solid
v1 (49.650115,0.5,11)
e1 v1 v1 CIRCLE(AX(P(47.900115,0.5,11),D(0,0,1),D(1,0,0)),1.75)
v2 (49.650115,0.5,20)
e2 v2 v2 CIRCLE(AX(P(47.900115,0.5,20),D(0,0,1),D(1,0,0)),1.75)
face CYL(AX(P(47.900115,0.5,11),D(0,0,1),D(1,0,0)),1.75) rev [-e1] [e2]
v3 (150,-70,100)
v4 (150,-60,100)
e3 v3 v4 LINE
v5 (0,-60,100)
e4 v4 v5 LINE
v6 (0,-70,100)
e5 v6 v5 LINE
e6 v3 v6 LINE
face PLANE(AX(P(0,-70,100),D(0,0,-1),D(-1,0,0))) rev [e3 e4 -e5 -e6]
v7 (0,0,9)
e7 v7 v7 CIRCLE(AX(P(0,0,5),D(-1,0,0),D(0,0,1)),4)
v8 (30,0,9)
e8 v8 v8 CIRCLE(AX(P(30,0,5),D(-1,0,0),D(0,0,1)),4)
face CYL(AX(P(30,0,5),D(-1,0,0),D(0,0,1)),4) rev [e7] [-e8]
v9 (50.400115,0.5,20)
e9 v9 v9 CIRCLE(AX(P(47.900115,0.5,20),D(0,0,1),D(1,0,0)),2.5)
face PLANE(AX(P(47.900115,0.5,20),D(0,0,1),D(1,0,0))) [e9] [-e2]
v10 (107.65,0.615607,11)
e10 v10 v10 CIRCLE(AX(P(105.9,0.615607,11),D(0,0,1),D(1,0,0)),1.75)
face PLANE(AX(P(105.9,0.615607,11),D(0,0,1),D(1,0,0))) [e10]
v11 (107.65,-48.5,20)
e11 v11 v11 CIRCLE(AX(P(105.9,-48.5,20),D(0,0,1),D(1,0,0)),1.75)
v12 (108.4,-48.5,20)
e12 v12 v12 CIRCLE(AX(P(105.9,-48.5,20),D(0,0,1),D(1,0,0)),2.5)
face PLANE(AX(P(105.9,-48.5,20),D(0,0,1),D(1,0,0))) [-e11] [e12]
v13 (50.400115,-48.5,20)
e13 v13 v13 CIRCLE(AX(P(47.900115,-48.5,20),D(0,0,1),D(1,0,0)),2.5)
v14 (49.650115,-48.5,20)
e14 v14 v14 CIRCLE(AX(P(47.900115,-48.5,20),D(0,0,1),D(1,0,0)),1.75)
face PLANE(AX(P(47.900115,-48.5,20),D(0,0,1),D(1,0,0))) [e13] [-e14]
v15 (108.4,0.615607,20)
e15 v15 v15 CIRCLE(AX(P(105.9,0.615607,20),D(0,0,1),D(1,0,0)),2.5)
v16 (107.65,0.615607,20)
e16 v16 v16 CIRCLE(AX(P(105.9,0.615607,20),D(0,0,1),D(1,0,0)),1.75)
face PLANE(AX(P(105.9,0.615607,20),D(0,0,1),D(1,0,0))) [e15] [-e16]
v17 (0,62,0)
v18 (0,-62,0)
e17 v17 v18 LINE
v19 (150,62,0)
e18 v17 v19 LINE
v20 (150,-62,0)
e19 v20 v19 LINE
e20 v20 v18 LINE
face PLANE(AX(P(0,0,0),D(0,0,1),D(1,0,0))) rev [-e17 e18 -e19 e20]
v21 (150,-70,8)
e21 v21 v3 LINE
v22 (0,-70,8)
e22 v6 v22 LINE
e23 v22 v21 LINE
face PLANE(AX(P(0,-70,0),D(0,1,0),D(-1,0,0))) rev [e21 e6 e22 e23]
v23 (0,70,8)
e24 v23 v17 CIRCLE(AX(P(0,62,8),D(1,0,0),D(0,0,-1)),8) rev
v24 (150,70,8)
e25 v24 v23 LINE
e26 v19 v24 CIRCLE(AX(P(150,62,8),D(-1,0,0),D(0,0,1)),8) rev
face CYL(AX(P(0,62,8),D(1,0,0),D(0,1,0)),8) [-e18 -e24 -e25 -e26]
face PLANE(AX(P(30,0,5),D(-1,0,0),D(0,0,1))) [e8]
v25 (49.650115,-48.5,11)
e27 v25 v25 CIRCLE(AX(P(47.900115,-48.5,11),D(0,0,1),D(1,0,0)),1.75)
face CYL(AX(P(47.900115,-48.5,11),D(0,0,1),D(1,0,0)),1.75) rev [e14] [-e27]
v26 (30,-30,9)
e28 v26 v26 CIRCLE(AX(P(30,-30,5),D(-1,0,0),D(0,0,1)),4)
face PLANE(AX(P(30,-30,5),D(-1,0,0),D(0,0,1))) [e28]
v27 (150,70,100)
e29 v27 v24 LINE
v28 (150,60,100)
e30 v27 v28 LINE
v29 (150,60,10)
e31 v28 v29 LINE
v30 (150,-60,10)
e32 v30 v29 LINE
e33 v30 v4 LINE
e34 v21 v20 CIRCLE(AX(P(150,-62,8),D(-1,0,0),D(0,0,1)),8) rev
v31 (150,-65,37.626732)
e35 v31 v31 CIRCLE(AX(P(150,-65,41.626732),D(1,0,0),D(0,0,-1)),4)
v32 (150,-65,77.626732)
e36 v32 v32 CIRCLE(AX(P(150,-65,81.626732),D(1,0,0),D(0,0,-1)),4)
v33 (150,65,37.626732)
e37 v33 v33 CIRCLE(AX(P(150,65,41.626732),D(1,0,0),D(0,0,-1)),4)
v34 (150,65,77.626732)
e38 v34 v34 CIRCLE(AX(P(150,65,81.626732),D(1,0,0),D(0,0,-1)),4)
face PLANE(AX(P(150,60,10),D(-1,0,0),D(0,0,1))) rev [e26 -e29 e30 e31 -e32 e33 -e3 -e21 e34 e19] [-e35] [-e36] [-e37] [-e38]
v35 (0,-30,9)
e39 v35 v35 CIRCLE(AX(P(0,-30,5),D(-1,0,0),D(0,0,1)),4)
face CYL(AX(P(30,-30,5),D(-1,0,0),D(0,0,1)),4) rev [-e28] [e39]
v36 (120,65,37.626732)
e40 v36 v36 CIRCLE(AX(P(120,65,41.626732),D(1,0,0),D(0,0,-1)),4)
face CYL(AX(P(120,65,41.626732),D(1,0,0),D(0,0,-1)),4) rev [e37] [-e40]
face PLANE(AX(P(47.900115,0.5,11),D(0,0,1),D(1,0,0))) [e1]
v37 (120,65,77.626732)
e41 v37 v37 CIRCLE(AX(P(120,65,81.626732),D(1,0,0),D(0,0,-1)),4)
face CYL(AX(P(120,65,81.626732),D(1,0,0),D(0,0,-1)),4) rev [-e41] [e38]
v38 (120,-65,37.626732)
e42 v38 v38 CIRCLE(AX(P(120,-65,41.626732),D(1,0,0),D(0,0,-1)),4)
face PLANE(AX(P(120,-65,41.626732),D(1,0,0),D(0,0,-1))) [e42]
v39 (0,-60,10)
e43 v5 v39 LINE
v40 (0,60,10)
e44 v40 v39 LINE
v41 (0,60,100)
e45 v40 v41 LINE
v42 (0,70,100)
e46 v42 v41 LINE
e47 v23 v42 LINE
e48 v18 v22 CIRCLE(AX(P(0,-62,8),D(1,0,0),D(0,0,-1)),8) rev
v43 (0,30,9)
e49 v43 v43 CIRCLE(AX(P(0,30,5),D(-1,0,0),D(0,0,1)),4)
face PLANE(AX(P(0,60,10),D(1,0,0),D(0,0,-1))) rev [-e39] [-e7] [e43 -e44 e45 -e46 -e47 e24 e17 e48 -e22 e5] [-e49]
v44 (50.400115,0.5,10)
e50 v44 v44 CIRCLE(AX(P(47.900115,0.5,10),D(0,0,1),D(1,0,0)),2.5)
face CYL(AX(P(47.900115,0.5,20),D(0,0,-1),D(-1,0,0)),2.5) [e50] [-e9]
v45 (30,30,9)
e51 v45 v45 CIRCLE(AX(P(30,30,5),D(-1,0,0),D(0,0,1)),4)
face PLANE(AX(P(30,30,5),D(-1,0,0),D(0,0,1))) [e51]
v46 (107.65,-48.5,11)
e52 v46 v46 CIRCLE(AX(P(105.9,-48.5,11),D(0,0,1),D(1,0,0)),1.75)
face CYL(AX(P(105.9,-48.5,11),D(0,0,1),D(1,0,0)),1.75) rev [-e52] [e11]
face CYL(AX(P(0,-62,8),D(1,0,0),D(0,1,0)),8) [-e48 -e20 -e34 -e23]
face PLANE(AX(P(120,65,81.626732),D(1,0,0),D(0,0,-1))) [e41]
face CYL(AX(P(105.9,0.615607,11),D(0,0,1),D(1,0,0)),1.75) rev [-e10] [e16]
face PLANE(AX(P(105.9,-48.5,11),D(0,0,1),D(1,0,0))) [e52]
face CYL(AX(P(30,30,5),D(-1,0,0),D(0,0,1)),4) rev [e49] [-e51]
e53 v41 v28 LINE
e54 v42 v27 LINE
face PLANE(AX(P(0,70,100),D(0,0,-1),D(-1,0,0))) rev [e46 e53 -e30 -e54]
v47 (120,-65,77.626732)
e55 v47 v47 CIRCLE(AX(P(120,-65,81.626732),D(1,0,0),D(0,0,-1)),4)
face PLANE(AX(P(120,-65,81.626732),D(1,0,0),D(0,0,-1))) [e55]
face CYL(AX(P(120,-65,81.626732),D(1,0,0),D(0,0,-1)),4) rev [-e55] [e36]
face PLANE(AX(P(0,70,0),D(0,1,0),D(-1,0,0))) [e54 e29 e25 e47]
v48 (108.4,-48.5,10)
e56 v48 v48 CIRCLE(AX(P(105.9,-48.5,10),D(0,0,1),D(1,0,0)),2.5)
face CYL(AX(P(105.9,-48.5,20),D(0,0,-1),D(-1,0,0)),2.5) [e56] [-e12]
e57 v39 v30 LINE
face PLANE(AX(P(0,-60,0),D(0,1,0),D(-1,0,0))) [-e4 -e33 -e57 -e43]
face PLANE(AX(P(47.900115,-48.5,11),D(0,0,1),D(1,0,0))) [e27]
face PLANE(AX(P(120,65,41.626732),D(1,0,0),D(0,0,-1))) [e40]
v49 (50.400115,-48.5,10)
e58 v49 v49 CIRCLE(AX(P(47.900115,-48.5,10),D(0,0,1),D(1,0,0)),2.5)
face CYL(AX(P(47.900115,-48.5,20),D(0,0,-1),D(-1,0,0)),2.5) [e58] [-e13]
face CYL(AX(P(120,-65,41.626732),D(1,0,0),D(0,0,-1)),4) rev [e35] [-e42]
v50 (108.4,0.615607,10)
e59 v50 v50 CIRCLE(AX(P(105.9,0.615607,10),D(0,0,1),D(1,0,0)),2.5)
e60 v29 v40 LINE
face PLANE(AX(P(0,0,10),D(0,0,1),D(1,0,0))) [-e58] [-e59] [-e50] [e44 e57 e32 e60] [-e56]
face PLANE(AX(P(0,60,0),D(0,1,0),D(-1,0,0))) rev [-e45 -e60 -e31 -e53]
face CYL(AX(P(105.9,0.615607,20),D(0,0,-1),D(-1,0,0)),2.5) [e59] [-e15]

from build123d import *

# Parameters (mm, degrees)
SKETCH1_W               = 150
SKETCH1_H               = 120
BOSS_EXTRUDE1_DEPTH     = 10
SKETCH2_R               = 4
CUT_EXTRUDE1_DEPTH      = 30
CROQUIS4_R              = 2.5
SALIENTE_EXTRUIR2_DEPTH = 10
CROQUIS5_R              = 1.75
CORTAR_EXTRUIR1_DEPTH   = 9
CROQUIS6_W              = 150
CROQUIS6_H              = 100
SALIENTE_EXTRUIR3_DEPTH = 10
CROQUIS9_W              = 150
CROQUIS9_H              = 100
SALIENTE_EXTRUIR4_DEPTH = 10
CROQUIS10_R             = 4
CORTAR_EXTRUIR2_DEPTH   = 30
FILLET1_R               = 8


with BuildPart() as part:
    # Sketch1 → Boss-Extrude1 (new body)
    with BuildSketch(Plane.XY):
        with Locations((75, 0)):
            Rectangle(SKETCH1_W, SKETCH1_H)
    extrude(amount=BOSS_EXTRUDE1_DEPTH)

    # Sketch2 → Cut-Extrude1 (cut)
    with BuildSketch(Plane.ZY):
        with Locations((5, 0)):
            Circle(SKETCH2_R)
        with Locations((5, 30)):
            Circle(SKETCH2_R)
        with Locations((5, -30)):
            Circle(SKETCH2_R)
    extrude(amount=-CUT_EXTRUDE1_DEPTH, mode=Mode.SUBTRACT)

    # Croquis4 → Saliente-Extruir2 (add)
    with BuildSketch(Plane.XY.offset(10)):
        with Locations((47.900115216, 0.5)):
            Circle(CROQUIS4_R)
        with Locations((105.9, 0.615607451)):
            Circle(CROQUIS4_R)
        with Locations((105.9, -48.5)):
            Circle(CROQUIS4_R)
        with Locations((47.900115216, -48.5)):
            Circle(CROQUIS4_R)
    extrude(amount=SALIENTE_EXTRUIR2_DEPTH)

    # Croquis5 → Cortar-Extruir1 (cut)
    with BuildSketch(Plane.XY.offset(20)):
        with Locations((47.900115216, 0.5)):
            Circle(CROQUIS5_R)
        with Locations((47.900115216, -48.5)):
            Circle(CROQUIS5_R)
        with Locations((105.9, -48.5)):
            Circle(CROQUIS5_R)
        with Locations((105.9, 0.615607451)):
            Circle(CROQUIS5_R)
    extrude(amount=-CORTAR_EXTRUIR1_DEPTH, mode=Mode.SUBTRACT)

    # Croquis6 → Saliente-Extruir3 (add)
    with BuildSketch(Plane.XZ.offset(60)):
        with Locations((75, 50)):
            Rectangle(CROQUIS6_W, CROQUIS6_H)
    extrude(amount=SALIENTE_EXTRUIR3_DEPTH)

    # Croquis9 → Saliente-Extruir4 (add)
    with BuildSketch(Plane(origin=(0, 60, 0), x_dir=(1, 0, 0), z_dir=(0, 1, 0))):
        with Locations((75, -50)):
            Rectangle(CROQUIS9_W, CROQUIS9_H)
    extrude(amount=SALIENTE_EXTRUIR4_DEPTH)

    # Croquis10 → Cortar-Extruir2 (cut)
    with BuildSketch(Plane(origin=(150, 0, 0), x_dir=(0, 0, -1), z_dir=(1, 0, 0))):
        with Locations((-81.62673219, 65)):
            Circle(CROQUIS10_R)
        with Locations((-41.62673219, 65)):
            Circle(CROQUIS10_R)
        with Locations((-81.62673219, -65)):
            Circle(CROQUIS10_R)
        with Locations((-41.62673219, -65)):
            Circle(CROQUIS10_R)
    extrude(amount=-CORTAR_EXTRUIR2_DEPTH, mode=Mode.SUBTRACT)

    # Fillet1
    fillet1_edges = [part.edges().sort_by_distance(p)[0] for p in [
        (75, -70, 0),
        (75, 70, 0),
    ]]
    fillet(fillet1_edges, radius=FILLET1_R)


solid = part.part
